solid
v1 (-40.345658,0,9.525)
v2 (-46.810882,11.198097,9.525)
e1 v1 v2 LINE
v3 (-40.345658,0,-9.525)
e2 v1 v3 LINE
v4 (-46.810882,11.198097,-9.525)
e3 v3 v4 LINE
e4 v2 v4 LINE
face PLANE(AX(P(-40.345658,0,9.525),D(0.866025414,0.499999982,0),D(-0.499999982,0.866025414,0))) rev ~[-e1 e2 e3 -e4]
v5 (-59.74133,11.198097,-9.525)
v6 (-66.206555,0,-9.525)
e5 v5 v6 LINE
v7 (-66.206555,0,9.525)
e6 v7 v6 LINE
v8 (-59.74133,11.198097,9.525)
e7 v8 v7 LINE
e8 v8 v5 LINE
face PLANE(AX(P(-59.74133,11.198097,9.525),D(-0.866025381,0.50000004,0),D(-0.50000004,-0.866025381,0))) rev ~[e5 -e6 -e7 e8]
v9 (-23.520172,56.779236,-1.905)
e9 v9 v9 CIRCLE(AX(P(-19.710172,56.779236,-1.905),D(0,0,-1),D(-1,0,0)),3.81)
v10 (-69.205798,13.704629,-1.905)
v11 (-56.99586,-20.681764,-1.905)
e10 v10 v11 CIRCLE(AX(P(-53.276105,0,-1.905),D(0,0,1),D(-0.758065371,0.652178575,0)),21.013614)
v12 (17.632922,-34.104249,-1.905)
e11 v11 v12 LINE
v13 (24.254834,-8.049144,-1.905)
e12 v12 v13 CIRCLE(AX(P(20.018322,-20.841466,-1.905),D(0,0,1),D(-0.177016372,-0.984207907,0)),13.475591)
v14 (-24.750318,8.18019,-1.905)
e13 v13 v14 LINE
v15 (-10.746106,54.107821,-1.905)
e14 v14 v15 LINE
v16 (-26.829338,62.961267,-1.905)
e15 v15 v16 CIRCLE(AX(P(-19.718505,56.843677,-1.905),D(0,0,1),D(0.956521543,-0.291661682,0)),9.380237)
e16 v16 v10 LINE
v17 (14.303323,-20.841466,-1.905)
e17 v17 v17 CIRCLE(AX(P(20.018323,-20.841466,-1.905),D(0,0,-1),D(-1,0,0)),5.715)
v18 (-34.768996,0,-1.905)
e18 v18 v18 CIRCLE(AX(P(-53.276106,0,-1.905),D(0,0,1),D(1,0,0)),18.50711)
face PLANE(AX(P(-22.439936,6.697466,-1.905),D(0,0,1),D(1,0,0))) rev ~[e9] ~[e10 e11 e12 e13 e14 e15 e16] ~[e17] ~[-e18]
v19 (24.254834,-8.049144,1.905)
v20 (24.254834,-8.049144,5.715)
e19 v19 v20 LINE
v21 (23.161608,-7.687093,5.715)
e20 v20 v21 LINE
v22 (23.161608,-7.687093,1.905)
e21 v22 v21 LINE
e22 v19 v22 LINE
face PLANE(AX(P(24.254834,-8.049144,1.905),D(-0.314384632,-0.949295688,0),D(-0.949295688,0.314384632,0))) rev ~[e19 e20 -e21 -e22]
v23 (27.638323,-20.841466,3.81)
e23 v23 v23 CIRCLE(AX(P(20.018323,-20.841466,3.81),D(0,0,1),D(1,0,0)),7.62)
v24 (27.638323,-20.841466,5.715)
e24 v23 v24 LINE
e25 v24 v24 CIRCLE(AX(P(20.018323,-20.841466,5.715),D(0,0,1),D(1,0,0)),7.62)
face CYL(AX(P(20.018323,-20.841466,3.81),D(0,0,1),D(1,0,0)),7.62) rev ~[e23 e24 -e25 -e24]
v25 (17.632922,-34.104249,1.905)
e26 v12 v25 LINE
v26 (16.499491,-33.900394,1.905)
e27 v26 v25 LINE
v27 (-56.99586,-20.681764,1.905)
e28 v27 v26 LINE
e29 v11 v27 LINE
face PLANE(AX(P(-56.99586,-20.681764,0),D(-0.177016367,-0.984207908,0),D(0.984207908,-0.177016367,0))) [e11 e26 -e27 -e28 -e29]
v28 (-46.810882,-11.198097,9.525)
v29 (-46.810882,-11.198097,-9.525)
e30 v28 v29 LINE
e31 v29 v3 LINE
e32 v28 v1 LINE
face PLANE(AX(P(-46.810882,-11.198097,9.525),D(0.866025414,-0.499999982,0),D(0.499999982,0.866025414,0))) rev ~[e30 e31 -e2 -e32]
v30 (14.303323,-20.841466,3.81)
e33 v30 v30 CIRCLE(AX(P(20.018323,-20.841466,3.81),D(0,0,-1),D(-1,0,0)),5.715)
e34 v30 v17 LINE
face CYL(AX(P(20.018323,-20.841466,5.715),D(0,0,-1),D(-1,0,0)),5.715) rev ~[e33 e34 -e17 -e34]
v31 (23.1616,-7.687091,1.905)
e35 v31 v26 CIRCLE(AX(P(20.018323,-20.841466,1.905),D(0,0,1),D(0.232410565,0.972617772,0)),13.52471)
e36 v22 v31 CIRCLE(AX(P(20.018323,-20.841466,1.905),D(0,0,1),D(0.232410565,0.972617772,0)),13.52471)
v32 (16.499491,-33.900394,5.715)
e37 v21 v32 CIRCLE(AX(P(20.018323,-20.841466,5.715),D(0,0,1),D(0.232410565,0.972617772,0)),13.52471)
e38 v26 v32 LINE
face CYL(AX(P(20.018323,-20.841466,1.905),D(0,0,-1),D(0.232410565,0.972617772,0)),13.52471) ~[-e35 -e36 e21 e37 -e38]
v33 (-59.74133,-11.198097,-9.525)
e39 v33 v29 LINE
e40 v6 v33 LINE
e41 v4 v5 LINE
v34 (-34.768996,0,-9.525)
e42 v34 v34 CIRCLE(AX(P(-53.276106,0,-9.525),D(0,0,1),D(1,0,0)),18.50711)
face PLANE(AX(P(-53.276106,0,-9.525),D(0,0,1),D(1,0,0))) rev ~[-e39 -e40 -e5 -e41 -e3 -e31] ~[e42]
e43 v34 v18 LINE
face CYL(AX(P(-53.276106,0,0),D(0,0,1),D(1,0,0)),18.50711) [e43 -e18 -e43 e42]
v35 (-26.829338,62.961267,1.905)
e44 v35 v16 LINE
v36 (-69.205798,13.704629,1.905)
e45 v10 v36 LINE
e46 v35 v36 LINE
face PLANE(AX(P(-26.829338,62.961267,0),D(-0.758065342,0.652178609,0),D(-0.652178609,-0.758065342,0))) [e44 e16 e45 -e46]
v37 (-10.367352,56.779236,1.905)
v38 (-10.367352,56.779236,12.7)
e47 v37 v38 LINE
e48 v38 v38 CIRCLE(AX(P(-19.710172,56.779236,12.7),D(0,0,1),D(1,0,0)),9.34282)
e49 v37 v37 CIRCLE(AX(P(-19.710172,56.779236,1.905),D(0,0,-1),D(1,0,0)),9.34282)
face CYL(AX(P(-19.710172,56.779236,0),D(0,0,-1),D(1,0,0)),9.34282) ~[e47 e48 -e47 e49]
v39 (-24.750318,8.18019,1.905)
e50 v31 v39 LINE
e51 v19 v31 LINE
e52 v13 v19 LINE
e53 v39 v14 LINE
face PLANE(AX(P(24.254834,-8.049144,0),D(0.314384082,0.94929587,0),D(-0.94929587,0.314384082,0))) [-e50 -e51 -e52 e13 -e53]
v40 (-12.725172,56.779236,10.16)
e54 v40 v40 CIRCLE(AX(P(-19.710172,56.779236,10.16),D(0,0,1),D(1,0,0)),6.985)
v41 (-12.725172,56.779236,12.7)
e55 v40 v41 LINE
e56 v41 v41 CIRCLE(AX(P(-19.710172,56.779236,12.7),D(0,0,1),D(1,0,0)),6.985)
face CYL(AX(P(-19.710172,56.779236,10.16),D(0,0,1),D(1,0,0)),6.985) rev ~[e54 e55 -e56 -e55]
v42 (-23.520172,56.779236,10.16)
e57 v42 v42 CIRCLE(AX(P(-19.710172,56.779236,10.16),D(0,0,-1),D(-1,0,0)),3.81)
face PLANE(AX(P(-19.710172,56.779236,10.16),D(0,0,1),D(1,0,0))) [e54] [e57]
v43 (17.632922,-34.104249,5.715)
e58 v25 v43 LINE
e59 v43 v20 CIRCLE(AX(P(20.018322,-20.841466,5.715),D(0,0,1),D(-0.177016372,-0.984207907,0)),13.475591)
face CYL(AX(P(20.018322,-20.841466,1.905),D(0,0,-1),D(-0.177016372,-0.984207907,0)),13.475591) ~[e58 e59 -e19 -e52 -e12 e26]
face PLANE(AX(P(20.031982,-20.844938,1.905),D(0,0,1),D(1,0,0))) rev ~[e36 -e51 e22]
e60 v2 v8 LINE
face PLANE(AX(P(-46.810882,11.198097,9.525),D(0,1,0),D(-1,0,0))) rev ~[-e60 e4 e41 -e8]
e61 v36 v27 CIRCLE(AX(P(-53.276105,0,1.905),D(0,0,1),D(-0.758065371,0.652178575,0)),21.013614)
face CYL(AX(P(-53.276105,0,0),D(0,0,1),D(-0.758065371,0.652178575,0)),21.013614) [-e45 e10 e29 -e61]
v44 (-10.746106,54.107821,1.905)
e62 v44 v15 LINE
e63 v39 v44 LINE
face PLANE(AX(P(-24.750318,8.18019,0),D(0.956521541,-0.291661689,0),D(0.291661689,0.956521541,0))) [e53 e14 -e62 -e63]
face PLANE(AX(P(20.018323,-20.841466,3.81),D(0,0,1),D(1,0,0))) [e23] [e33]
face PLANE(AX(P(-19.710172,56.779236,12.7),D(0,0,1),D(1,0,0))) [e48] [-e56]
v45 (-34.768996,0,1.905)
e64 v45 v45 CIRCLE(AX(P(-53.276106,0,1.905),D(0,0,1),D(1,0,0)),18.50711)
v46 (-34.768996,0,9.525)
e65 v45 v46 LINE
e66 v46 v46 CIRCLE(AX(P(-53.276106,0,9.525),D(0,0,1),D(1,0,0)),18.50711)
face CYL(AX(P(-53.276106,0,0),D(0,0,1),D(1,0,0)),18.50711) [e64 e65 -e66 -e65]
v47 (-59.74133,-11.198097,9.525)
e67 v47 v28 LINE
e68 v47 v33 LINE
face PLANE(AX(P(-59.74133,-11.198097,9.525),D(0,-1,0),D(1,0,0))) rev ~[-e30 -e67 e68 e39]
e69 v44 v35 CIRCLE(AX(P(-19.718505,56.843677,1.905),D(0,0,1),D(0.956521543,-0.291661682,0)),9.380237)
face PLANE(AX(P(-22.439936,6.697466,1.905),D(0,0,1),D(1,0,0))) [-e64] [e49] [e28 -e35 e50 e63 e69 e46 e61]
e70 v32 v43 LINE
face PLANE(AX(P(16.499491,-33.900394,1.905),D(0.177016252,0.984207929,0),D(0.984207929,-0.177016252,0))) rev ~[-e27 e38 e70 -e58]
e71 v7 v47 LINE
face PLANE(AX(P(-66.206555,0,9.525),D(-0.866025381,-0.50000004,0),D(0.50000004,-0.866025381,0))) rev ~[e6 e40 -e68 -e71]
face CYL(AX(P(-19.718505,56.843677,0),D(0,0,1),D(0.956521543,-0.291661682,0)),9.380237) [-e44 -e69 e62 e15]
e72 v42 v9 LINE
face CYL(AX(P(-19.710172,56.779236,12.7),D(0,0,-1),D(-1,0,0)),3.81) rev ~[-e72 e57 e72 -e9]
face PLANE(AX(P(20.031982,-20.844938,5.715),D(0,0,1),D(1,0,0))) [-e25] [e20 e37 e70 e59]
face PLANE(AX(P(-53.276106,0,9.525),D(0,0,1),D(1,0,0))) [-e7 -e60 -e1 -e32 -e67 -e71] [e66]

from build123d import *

# Parameters (mm, degrees)
F1_DEPTH        = 1.905
F2_R            = 9.34282
F3_DEPTH        = 12.7
F5_DEPTH        = 3.81
F6_R            = 18.50711
F7_DEPTH        = 9.525
F9_D            = 7.62
F9_DEPTH        = 101.6
F9_CBORE_D      = 13.97
F9_CBORE_DEPTH  = 2.54
F11_D           = 11.43
F11_DEPTH       = 101.6
F11_CBORE_D     = 15.24
F11_CBORE_DEPTH = 1.905
F13_DEPTH       = 19.051


with BuildPart() as f1:
    # F0 (on Top) → F1 (new body, symmetric)
    with BuildSketch(Plane.XY):
        with BuildLine():
            Line((-26.829338, 62.961267), (-69.205798, 13.704629))
            ThreePointArc((-69.205798, 13.704629), (-73.078408, -7.031412), (-56.99586, -20.681764))
            Line((-56.99586, -20.681764), (17.632922, -34.104249))
            ThreePointArc((17.632922, -34.104249), (33.078712, -24.160767), (24.254834, -8.049144))
            Line((24.254834, -8.049144), (-24.750318, 8.18019))
            Line((-24.750318, 8.18019), (-10.746106, 54.107821))
            ThreePointArc((-10.746106, 54.107821), (-15.194985, 65.061135), (-26.829338, 62.961267))
        make_face()
    extrude(amount=F1_DEPTH, both=True)

    # F2 (on Top) → F3 (join)
    with BuildSketch(Plane.XY):
        with Locations((-19.710172, 56.779236)):
            Circle(F2_R)
    extrude(amount=F3_DEPTH)

    # F4 (on face) → F5 (join)
    with BuildSketch(Plane.XY.offset(1.905)):
        with BuildLine():
            Line((24.254834, -8.049144), (23.161608, -7.687093))
            ThreePointArc((23.161608, -7.687093), (6.910327, -17.510066), (16.499491, -33.900394))
            Line((16.499491, -33.900394), (17.632922, -34.104249))
            ThreePointArc((17.632922, -34.104249), (33.078712, -24.160767), (24.254834, -8.049144))
        make_face()
    extrude(amount=F5_DEPTH)

    # F6 (on Top) → F7 (join, symmetric)
    with BuildSketch(Plane.XY):
        with Locations((-53.276106, 0)):
            Circle(F6_R)
    extrude(amount=F7_DEPTH, both=True)

    # F9
    with Locations(Plane.XY.offset(12.7)):
        with Locations((-19.710172, 56.779236)):
            CounterBoreHole(F9_D / 2, F9_CBORE_D / 2, F9_CBORE_DEPTH, depth=F9_DEPTH)

    # F11
    with Locations(Plane.XY.offset(5.715)):
        with Locations((20.018323, -20.841466)):
            CounterBoreHole(F11_D / 2, F11_CBORE_D / 2, F11_CBORE_DEPTH, depth=F11_DEPTH)

    # F12 (on face) → F13 (cut, through all)
    with BuildSketch(Plane.XY.offset(9.525)):
        Polygon((-46.810882, 11.198097), (-59.74133, 11.198097), (-66.206555, 0), (-59.74133, -11.198097), (-46.810882, -11.198097), (-40.345658, 0), align=None)
    extrude(amount=-F13_DEPTH, mode=Mode.SUBTRACT)


solid = f1.part
